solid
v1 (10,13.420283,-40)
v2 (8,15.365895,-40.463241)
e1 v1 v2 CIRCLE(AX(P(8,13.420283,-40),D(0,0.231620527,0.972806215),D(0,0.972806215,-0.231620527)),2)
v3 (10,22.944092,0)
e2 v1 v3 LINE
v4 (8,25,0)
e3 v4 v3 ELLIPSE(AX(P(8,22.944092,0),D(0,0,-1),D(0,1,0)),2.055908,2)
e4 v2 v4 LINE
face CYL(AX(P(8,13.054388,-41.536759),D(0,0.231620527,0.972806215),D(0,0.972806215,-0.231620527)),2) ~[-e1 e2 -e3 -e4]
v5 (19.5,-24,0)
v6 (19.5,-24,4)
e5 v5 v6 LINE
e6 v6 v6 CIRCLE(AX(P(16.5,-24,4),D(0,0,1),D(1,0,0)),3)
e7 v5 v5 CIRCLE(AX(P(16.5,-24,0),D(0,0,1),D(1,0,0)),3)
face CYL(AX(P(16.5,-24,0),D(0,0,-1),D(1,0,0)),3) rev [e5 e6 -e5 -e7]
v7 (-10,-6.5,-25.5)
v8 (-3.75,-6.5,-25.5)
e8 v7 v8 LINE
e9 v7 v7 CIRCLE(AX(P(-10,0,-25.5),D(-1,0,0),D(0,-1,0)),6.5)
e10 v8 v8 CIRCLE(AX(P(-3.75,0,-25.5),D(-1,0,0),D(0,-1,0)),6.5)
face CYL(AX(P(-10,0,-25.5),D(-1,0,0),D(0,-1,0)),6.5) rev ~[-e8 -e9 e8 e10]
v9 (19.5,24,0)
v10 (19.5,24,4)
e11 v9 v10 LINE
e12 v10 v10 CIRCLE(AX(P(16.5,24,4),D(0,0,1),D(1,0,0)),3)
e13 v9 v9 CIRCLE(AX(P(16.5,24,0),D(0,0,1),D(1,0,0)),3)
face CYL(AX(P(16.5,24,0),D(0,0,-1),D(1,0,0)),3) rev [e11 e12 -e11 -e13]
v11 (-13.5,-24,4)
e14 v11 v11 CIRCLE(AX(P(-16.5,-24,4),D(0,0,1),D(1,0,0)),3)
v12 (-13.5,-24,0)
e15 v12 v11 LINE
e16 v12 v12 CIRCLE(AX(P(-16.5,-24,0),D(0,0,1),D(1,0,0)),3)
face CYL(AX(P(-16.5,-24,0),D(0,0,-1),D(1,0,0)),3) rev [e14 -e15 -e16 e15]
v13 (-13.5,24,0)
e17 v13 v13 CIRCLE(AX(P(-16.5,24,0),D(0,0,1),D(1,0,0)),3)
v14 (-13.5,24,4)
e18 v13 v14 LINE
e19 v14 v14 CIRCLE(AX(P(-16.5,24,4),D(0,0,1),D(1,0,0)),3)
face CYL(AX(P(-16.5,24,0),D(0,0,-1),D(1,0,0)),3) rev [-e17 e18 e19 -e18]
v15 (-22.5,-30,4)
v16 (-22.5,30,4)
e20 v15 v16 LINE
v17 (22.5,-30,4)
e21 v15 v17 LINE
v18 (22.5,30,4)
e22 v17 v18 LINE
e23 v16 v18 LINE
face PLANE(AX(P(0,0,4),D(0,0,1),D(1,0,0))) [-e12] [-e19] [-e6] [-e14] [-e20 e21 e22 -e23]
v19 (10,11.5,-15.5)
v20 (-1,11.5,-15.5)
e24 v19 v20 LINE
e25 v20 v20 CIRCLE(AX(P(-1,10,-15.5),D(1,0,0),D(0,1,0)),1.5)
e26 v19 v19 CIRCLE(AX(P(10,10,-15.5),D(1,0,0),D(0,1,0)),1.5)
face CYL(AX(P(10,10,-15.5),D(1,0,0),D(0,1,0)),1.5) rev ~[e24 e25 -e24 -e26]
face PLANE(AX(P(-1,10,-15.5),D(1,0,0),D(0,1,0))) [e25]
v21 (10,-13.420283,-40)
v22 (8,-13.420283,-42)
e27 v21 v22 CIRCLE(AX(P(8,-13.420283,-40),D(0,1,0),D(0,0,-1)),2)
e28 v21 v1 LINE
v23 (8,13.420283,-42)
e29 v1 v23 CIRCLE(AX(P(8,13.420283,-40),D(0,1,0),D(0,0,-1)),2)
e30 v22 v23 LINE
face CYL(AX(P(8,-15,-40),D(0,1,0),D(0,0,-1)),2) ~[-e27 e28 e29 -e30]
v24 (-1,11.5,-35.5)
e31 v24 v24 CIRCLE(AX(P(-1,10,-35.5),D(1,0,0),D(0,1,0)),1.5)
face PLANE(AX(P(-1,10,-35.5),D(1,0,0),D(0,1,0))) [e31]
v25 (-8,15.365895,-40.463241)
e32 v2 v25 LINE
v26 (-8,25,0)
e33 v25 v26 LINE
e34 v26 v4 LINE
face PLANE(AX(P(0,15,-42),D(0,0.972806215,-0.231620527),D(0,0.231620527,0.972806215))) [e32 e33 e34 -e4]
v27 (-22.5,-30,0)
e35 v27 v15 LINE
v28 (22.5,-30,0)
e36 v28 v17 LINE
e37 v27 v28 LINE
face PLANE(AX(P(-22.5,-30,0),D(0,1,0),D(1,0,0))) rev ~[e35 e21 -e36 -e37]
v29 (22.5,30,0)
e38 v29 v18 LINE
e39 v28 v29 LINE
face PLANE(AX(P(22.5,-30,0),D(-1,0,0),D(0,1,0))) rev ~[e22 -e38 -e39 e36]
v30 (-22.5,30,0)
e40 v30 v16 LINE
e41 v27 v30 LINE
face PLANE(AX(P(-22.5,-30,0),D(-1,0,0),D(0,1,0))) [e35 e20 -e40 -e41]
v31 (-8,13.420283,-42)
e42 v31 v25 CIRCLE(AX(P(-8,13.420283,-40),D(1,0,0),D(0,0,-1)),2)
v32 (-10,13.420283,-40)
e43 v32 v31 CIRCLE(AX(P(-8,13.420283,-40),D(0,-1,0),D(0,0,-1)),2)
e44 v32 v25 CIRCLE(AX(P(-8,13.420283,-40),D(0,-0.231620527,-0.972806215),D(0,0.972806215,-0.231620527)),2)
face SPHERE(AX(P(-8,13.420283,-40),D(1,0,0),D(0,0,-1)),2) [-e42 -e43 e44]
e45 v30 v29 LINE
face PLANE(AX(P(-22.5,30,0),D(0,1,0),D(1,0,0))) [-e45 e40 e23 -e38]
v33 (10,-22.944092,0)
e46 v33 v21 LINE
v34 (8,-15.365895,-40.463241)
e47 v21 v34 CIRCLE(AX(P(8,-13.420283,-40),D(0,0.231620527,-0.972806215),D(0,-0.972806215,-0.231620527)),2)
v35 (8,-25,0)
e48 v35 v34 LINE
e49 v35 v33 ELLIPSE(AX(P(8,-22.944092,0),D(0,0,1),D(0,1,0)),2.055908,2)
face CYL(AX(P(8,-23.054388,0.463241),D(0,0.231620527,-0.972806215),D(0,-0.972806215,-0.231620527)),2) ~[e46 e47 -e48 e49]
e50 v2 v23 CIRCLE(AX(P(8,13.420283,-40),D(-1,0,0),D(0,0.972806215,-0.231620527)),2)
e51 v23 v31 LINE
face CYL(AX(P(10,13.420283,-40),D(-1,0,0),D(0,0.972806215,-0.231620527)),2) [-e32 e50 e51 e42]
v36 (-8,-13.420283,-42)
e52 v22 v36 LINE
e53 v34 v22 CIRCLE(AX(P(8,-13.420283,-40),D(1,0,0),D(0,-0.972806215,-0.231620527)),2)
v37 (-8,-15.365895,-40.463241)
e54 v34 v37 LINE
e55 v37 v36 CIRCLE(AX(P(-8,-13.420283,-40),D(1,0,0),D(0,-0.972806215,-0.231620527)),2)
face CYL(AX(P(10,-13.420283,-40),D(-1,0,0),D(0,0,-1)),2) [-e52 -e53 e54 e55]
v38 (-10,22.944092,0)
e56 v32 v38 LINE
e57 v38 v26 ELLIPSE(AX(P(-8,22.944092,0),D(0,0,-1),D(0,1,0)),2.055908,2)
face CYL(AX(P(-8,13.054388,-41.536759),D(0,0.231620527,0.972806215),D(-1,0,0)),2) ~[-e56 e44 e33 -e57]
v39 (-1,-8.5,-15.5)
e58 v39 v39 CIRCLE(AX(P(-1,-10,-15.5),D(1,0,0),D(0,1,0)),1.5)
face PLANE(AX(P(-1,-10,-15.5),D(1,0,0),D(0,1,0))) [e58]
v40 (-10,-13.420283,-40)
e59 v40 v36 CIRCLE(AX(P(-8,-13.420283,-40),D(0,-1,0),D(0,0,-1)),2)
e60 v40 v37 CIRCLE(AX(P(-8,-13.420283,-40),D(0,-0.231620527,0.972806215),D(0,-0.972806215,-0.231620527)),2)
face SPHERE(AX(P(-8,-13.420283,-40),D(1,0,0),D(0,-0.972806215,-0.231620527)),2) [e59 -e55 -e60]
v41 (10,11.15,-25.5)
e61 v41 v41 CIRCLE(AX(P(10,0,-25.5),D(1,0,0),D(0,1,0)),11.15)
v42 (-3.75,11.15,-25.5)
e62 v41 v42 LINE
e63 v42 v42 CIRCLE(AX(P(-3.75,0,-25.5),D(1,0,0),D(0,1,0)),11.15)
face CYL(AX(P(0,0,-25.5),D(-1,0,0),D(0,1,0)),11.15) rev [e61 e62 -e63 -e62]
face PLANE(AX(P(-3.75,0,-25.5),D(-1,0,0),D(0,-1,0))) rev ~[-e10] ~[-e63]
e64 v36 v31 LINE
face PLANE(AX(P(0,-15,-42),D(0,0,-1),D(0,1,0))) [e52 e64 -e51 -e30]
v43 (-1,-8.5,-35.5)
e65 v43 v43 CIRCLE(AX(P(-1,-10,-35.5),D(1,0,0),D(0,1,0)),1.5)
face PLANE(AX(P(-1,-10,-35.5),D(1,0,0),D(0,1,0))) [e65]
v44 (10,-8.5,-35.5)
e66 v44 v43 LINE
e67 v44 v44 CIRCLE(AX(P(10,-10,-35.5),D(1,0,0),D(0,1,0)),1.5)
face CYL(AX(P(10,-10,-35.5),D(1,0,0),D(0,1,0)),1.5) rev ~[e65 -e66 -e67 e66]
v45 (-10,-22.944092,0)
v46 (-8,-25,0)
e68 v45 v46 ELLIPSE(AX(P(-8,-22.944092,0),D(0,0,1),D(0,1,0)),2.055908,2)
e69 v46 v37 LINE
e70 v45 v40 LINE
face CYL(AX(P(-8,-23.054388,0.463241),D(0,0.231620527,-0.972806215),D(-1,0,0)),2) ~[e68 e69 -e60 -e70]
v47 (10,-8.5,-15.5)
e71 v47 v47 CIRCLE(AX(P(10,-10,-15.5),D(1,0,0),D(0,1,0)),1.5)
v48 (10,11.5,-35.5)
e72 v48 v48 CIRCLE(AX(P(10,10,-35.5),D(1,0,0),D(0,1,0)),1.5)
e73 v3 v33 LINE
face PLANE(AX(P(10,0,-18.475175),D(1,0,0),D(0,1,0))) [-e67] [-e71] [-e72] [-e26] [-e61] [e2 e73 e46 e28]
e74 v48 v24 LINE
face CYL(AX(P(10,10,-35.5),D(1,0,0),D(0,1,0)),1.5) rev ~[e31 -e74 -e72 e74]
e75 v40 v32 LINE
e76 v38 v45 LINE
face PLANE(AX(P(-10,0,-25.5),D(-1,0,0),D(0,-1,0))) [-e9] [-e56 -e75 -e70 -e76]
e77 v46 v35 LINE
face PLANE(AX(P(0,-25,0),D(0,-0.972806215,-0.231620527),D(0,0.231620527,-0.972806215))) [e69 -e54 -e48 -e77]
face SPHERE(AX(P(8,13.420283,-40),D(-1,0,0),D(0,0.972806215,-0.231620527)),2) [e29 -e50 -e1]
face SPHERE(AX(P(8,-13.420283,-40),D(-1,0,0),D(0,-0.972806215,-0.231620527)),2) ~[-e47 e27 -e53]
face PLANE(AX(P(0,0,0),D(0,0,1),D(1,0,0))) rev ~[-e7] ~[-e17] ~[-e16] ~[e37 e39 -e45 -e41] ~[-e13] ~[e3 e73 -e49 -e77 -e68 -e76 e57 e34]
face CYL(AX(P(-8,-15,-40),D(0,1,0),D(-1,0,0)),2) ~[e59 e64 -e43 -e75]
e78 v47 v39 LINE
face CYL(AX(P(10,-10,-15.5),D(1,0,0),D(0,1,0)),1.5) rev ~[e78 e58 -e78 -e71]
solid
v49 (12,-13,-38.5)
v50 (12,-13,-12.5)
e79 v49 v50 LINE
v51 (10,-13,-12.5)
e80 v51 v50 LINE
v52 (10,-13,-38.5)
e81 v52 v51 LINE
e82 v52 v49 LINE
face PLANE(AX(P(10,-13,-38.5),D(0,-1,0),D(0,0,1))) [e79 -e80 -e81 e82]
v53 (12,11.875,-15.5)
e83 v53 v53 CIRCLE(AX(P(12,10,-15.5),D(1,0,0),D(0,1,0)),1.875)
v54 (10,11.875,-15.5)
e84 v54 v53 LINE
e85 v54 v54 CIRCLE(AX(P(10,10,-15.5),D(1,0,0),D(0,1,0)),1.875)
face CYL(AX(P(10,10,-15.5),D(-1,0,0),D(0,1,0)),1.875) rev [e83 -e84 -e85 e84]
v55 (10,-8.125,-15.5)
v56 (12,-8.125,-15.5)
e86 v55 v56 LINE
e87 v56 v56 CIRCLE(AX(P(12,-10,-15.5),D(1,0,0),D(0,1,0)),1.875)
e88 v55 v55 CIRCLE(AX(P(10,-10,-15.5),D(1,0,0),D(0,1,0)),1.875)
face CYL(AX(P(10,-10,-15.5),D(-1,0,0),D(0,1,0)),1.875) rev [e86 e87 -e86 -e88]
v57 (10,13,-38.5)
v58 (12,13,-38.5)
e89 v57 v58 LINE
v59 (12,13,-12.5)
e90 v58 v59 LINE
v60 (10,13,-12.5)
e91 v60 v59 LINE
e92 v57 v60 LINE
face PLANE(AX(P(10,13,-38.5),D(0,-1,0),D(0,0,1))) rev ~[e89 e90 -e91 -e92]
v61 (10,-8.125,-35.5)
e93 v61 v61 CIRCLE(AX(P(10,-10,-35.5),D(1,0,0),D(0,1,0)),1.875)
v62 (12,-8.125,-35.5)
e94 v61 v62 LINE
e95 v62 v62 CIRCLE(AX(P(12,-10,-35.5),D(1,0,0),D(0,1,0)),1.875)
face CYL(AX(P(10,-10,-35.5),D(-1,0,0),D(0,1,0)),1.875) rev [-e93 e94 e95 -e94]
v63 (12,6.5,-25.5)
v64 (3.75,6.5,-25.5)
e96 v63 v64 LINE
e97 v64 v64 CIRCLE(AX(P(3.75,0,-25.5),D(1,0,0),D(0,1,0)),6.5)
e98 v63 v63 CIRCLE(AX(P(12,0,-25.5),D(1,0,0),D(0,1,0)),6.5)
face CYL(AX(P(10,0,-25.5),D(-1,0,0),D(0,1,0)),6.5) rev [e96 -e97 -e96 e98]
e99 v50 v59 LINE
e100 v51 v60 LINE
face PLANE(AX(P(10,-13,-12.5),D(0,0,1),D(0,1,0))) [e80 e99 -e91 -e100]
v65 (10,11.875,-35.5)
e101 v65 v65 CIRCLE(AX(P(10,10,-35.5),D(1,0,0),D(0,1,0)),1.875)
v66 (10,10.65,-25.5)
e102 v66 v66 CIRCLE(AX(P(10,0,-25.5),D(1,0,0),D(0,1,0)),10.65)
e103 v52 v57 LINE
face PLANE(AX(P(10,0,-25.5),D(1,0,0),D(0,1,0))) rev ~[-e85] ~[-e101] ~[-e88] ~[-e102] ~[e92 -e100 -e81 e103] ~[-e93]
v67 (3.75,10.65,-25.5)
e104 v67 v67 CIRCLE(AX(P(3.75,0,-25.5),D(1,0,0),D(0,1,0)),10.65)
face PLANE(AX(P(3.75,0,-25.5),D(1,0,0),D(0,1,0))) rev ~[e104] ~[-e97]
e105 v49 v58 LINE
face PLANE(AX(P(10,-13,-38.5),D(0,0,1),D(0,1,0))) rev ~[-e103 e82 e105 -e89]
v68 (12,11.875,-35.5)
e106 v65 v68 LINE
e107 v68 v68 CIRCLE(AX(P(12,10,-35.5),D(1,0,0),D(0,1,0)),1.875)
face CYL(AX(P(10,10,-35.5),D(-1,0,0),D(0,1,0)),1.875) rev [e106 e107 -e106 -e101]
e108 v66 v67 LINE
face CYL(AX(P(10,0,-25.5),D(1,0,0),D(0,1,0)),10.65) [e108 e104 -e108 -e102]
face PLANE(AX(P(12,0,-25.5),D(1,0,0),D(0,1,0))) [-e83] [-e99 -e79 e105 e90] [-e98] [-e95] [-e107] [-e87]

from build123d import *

# Parameters (mm, degrees)
F0_W      = 45
F0_H      = 60
F0_R      = 3
F1_DEPTH  = 4
F2_R      = 11.15
F3_DEPTH  = 10
F4_R      = 11.15
F4_R_2    = 6.5
F5_DEPTH  = 6.25
F6_R      = 10.65
F6_R_2    = 6.5
F7_DEPTH  = 6.25
F6_W      = 26
F6_H      = 26
F6_R_3    = 1.875
F6_R_4    = 11.15
F8_DEPTH  = 2
F9_R      = 1.5
F10_DEPTH = 11
F11_R     = 2


with BuildPart() as f1:
    # F0 (on Top) → F1 (new body)
    with BuildSketch(Plane.XY):
        Rectangle(F0_W, F0_H)
        with Locations((-16.5, -24)):
            Circle(F0_R, mode=Mode.SUBTRACT)
        with Locations((16.5, -24)):
            Circle(F0_R, mode=Mode.SUBTRACT)
        with Locations((-16.5, 24)):
            Circle(F0_R, mode=Mode.SUBTRACT)
        with Locations((16.5, 24)):
            Circle(F0_R, mode=Mode.SUBTRACT)
    extrude(amount=F1_DEPTH)

    # F2 (on Right) → F3 (join, symmetric)
    with BuildSketch(Plane.YZ):
        Polygon((15, -42), (25, 0), (-25, 0), (-15, -42), align=None)
        with Locations((0, -25.5)):
            Circle(F2_R, mode=Mode.SUBTRACT)
    extrude(amount=F3_DEPTH, both=True)

    # F4 (on face) → F5 (join)
    with BuildSketch(Plane(origin=(-10, 0, 0), x_dir=(0, -1, 0), z_dir=(-1, 0, 0))):
        with Locations((0, -25.5)):
            Circle(F4_R)
        with Locations((0, -25.5)):
            Circle(F4_R_2, mode=Mode.SUBTRACT)
    extrude(amount=-F5_DEPTH)

    # F9 (on face) → F10 (cut)
    with BuildSketch(Plane.YZ.offset(10)):
        with Locations((-10, -15.5)):
            Circle(F9_R)
        with Locations((10, -15.5)):
            Circle(F9_R)
        with Locations((10, -35.5)):
            Circle(F9_R)
        with Locations((-10, -35.5)):
            Circle(F9_R)
    extrude(amount=-F10_DEPTH, mode=Mode.SUBTRACT)

    # F11
    f11_edges = [f1.edges().sort_by_distance(p)[0] for p in [
        (10, 0, -42),
        (0, 15, -42),
        (-10, 0, -42),
        (0, -15, -42),
        (10, 20, -21),
        (-10, 20, -21),
        (10, -20, -21),
        (-10, -20, -21),
    ]]
    fillet(f11_edges, radius=F11_R)


with BuildPart() as f7:
    # F6 (on face) → F7 (new body)
    with BuildSketch(Plane.YZ.offset(10)):
        with Locations((0, -25.5)):
            Circle(F6_R)
        with Locations((0, -25.5)):
            Circle(F6_R_2, mode=Mode.SUBTRACT)
    extrude(amount=-F7_DEPTH)

    # F6 (on face) → F8 (join)
    with BuildSketch(Plane.YZ.offset(10)):
        with Locations((0, -25.5)):
            Rectangle(F6_W, F6_H)
        with Locations((-10, -35.5)):
            Circle(F6_R_3, mode=Mode.SUBTRACT)
        with Locations((10, -35.5)):
            Circle(F6_R_3, mode=Mode.SUBTRACT)
        with Locations((0, -25.5)):
            Circle(F6_R_4, mode=Mode.SUBTRACT)
        with Locations((-10, -15.5)):
            Circle(F6_R_3, mode=Mode.SUBTRACT)
        with Locations((10, -15.5)):
            Circle(F6_R_3, mode=Mode.SUBTRACT)
        with Locations((0, -25.5)):
            Circle(F6_R_4)
        with Locations((0, -25.5)):
            Circle(F6_R, mode=Mode.SUBTRACT)
        with Locations((0, -25.5)):
            Circle(F6_R)
        with Locations((0, -25.5)):
            Circle(F6_R_2, mode=Mode.SUBTRACT)
    extrude(amount=F8_DEPTH)


solid = Compound([f1.part, f7.part])
